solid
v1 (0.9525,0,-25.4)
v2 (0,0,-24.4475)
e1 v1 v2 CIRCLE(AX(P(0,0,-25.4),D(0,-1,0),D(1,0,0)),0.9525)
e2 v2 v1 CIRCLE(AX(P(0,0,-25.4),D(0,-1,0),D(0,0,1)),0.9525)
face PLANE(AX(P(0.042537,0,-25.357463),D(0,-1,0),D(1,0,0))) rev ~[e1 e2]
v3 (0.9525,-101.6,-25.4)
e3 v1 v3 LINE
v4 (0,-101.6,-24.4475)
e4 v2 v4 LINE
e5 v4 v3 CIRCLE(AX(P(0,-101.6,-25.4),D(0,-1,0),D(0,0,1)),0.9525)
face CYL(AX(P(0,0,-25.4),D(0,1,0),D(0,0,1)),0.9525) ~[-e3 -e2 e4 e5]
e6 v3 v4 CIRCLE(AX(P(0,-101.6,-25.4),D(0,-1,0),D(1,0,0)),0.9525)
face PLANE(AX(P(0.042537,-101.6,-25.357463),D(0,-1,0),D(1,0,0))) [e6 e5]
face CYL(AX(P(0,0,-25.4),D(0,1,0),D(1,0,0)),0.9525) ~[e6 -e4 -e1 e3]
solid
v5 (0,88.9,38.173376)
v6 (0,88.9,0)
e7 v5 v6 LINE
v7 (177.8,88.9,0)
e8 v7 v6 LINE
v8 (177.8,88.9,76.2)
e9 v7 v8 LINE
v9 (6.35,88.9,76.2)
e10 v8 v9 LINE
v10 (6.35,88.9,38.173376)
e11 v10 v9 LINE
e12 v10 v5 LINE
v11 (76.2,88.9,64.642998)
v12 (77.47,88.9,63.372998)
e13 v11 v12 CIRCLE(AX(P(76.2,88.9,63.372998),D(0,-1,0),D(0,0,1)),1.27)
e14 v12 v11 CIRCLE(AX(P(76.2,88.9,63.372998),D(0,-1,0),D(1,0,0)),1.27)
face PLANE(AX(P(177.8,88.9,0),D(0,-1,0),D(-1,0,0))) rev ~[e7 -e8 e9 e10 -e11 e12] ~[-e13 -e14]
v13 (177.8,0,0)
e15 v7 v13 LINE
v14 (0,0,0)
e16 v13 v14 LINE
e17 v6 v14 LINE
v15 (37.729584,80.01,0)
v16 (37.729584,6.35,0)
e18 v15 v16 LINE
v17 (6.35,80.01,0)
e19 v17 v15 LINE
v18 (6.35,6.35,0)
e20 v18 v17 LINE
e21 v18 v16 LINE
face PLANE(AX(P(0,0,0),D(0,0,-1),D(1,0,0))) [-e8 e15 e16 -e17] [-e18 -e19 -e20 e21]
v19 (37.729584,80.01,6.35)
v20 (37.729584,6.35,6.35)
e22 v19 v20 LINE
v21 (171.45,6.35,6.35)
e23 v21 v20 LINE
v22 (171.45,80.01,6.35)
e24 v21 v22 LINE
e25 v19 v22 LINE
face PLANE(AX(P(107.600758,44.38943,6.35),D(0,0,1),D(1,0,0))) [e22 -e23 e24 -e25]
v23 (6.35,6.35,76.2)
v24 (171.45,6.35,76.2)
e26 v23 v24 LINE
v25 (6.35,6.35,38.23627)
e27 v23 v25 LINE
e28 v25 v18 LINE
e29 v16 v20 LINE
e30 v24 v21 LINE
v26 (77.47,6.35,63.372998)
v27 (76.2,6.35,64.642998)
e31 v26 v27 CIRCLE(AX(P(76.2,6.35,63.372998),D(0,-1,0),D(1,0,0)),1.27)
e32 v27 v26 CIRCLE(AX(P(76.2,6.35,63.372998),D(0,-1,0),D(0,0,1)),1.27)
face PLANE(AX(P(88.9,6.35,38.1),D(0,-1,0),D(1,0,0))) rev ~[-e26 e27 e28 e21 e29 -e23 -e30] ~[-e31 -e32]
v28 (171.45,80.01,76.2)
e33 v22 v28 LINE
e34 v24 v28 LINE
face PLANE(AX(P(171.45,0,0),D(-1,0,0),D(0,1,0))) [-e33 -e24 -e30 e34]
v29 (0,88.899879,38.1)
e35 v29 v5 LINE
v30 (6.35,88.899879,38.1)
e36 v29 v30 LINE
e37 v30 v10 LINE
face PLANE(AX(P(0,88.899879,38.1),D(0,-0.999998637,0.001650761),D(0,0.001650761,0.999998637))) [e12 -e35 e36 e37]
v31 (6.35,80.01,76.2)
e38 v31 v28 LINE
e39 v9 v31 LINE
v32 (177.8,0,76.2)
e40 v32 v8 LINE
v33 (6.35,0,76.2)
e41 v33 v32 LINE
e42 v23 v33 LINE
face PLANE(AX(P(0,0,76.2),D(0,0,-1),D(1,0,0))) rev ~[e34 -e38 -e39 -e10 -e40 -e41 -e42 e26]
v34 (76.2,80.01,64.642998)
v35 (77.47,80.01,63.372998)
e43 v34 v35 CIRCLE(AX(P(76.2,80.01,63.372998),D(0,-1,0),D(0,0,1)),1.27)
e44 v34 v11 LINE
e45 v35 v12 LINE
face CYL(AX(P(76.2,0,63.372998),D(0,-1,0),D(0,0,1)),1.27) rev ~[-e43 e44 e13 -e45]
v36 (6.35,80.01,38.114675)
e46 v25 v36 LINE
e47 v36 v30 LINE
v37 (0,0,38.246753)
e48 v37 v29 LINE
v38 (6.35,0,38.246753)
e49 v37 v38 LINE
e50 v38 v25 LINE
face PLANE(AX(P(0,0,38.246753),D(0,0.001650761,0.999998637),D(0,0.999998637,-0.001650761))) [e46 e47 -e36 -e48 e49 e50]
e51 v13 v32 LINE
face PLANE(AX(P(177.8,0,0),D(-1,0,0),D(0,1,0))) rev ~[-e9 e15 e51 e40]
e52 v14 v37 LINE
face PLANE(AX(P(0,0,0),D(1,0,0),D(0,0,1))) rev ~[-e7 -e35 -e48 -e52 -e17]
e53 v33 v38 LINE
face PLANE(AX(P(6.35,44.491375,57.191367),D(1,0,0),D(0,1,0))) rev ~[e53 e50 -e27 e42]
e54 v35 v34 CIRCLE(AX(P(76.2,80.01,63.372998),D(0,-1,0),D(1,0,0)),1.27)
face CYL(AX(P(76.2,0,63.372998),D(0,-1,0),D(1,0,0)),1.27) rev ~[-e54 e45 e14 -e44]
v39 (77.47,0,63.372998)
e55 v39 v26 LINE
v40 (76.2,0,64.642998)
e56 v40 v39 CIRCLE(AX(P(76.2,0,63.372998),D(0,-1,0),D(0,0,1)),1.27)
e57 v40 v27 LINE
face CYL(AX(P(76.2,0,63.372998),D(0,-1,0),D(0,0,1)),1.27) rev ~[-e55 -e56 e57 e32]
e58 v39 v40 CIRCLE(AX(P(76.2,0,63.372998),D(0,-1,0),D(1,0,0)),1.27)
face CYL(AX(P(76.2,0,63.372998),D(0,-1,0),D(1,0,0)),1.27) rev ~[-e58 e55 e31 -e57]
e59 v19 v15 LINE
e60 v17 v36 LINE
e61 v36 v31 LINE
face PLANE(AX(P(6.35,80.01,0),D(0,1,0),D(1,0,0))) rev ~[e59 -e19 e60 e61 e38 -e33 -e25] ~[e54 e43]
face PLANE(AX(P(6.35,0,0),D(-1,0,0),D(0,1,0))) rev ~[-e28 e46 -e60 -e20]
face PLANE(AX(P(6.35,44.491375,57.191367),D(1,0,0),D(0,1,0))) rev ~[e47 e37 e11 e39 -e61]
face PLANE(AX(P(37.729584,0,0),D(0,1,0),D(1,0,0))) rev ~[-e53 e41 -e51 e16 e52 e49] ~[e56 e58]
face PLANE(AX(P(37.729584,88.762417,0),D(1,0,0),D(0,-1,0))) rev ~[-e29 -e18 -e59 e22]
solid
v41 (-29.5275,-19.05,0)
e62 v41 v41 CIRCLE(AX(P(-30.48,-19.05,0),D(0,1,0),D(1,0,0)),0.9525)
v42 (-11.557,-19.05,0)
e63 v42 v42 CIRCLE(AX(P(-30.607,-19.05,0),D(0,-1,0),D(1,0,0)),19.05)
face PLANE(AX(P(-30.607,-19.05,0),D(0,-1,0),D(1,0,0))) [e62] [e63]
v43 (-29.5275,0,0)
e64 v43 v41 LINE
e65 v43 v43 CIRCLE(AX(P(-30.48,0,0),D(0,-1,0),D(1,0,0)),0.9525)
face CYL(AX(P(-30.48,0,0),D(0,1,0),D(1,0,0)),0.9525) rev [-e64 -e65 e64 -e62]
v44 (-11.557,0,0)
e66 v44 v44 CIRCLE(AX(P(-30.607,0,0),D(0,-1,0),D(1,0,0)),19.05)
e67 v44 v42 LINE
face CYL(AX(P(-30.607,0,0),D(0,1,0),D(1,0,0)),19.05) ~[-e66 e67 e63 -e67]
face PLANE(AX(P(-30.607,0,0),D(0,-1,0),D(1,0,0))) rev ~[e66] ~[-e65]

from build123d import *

# Parameters (mm, degrees)
F0_W      = 177.8
F0_H      = 76.2
F1_DEPTH  = 6.35
F2_W      = 6.35
F2_H      = 80.01
F2_H_2    = 8.89
F2_W_2    = 165.1
F3_DEPTH  = 76.2
F5_DEPTH  = 6.35
F6_W      = 88.9
F6_H      = 38.1
F7_DEPTH  = 6.35
F9_R      = 19.05
F10_DEPTH = 19.05
F11_DEPTH = 254
F14_DEPTH = 6.35
F15_DEPTH = 6.35
F16_R     = 1.27
F17_DEPTH = 76.2
F18_DEPTH = 76.2
F20_DEPTH = 101.6
F21_R     = 0.9525
F22_DEPTH = 76.2
F23_DEPTH = 101.6


with BuildPart() as f1:
    # F0 (on Front) → F1 (new body)
    with BuildSketch(Plane.XZ):
        with Locations((88.9, 38.1)):
            Rectangle(F0_W, F0_H)
    extrude(amount=-F1_DEPTH)

    # F2 (on Top) → F3 (join)
    with BuildSketch(Plane.XY):
        with Locations((3.175, 40.005)):
            Rectangle(F2_W, F2_H)
        with Locations((3.175, 84.455)):
            Rectangle(F2_W, F2_H_2)
        with Locations((88.9, 84.455)):
            Rectangle(F2_W_2, F2_H_2)
        with Locations((174.625, 40.005)):
            Rectangle(F2_W, F2_H)
        with Locations((174.625, 84.455)):
            Rectangle(F2_W, F2_H_2)
    extrude(amount=F3_DEPTH)

    # F4 (on Top) → F5 (join)
    with BuildSketch(Plane.XY):
        Polygon((37.7295836806, 0), (177.4295836806, 0), (177.5142401457, 88.7624174356), (37.7295836806, 88.7624174356), align=None)
    extrude(amount=F5_DEPTH)

    # F6 (on Right) → F7 (cut)
    with BuildSketch(Plane.YZ):
        with Locations((44.45, 57.15)):
            Rectangle(F6_W, F6_H)
    extrude(amount=-F7_DEPTH, mode=Mode.SUBTRACT)

    # F8 (on Front) → F11 (cut)
    with BuildSketch(Plane.XZ):
        with BuildLine():
            ThreePointArc((76.2, 64.6429983449), (75.3019743879, 62.4749727328), (77.47, 63.3729983449))
            ThreePointArc((77.47, 63.3729983449), (77.0980256121, 64.271023957), (76.2, 64.6429983449))
        make_face()
    extrude(amount=-F11_DEPTH, mode=Mode.SUBTRACT)

    # F12 (on Right) → F14 (cut)
    with BuildSketch(Plane.YZ):
        Polygon((0, 38.2467526443), (88.8998788732, 38.1), (88.9627729493, 76.2), (0, 76.2), align=None)
    extrude(amount=-F14_DEPTH, mode=Mode.SUBTRACT)

    # F13 (on face) → F15 (cut)
    with BuildSketch(Plane.YZ):
        Polygon((0, 76.2), (0, 38.2467526443), (88.8998788732, 38.1), (88.9627729493, 76.2), align=None)
    extrude(amount=F15_DEPTH, mode=Mode.SUBTRACT)

    # F16 (on Front) → F17 (cut)
    with BuildSketch(Plane.XZ):
        with Locations((-30.6824948639, 0)):
            Circle(F16_R)
    extrude(amount=-F17_DEPTH, mode=Mode.SUBTRACT)

    # F16 (on Front) → F18 (cut)
    with BuildSketch(Plane.XZ):
        with Locations((-30.6824948639, 0)):
            Circle(F16_R)
    extrude(amount=-F18_DEPTH, mode=Mode.SUBTRACT)

    # F21 (on Front) → F22 (cut)
    with BuildSketch(Plane.XZ):
        with Locations((-30.48, 0)):
            Circle(F21_R)
    extrude(amount=-F22_DEPTH, mode=Mode.SUBTRACT)


with BuildPart() as f10:
    # F9 (on Front) → F10 (new body)
    with BuildSketch(Plane.XZ):
        with Locations((-30.6069999933, 0)):
            Circle(F9_R)
    extrude(amount=F10_DEPTH)

    # F21 (on Front) → F23 (cut)
    with BuildSketch(Plane.XZ):
        with Locations((-30.48, 0)):
            Circle(F21_R)
    extrude(amount=F23_DEPTH, mode=Mode.SUBTRACT)


with BuildPart() as f20:
    # F19 (on Front) → F20 (new body)
    with BuildSketch(Plane.XZ):
        with BuildLine():
            ThreePointArc((0.9525, -25.4), (0.6735192091, -24.7264807909), (0, -24.4475))
            ThreePointArc((0, -24.4475), (-0.6735192091, -26.0735192091), (0.9525, -25.4))
        make_face()
    extrude(amount=F20_DEPTH)


solid = Compound([f1.part, f10.part, f20.part])
